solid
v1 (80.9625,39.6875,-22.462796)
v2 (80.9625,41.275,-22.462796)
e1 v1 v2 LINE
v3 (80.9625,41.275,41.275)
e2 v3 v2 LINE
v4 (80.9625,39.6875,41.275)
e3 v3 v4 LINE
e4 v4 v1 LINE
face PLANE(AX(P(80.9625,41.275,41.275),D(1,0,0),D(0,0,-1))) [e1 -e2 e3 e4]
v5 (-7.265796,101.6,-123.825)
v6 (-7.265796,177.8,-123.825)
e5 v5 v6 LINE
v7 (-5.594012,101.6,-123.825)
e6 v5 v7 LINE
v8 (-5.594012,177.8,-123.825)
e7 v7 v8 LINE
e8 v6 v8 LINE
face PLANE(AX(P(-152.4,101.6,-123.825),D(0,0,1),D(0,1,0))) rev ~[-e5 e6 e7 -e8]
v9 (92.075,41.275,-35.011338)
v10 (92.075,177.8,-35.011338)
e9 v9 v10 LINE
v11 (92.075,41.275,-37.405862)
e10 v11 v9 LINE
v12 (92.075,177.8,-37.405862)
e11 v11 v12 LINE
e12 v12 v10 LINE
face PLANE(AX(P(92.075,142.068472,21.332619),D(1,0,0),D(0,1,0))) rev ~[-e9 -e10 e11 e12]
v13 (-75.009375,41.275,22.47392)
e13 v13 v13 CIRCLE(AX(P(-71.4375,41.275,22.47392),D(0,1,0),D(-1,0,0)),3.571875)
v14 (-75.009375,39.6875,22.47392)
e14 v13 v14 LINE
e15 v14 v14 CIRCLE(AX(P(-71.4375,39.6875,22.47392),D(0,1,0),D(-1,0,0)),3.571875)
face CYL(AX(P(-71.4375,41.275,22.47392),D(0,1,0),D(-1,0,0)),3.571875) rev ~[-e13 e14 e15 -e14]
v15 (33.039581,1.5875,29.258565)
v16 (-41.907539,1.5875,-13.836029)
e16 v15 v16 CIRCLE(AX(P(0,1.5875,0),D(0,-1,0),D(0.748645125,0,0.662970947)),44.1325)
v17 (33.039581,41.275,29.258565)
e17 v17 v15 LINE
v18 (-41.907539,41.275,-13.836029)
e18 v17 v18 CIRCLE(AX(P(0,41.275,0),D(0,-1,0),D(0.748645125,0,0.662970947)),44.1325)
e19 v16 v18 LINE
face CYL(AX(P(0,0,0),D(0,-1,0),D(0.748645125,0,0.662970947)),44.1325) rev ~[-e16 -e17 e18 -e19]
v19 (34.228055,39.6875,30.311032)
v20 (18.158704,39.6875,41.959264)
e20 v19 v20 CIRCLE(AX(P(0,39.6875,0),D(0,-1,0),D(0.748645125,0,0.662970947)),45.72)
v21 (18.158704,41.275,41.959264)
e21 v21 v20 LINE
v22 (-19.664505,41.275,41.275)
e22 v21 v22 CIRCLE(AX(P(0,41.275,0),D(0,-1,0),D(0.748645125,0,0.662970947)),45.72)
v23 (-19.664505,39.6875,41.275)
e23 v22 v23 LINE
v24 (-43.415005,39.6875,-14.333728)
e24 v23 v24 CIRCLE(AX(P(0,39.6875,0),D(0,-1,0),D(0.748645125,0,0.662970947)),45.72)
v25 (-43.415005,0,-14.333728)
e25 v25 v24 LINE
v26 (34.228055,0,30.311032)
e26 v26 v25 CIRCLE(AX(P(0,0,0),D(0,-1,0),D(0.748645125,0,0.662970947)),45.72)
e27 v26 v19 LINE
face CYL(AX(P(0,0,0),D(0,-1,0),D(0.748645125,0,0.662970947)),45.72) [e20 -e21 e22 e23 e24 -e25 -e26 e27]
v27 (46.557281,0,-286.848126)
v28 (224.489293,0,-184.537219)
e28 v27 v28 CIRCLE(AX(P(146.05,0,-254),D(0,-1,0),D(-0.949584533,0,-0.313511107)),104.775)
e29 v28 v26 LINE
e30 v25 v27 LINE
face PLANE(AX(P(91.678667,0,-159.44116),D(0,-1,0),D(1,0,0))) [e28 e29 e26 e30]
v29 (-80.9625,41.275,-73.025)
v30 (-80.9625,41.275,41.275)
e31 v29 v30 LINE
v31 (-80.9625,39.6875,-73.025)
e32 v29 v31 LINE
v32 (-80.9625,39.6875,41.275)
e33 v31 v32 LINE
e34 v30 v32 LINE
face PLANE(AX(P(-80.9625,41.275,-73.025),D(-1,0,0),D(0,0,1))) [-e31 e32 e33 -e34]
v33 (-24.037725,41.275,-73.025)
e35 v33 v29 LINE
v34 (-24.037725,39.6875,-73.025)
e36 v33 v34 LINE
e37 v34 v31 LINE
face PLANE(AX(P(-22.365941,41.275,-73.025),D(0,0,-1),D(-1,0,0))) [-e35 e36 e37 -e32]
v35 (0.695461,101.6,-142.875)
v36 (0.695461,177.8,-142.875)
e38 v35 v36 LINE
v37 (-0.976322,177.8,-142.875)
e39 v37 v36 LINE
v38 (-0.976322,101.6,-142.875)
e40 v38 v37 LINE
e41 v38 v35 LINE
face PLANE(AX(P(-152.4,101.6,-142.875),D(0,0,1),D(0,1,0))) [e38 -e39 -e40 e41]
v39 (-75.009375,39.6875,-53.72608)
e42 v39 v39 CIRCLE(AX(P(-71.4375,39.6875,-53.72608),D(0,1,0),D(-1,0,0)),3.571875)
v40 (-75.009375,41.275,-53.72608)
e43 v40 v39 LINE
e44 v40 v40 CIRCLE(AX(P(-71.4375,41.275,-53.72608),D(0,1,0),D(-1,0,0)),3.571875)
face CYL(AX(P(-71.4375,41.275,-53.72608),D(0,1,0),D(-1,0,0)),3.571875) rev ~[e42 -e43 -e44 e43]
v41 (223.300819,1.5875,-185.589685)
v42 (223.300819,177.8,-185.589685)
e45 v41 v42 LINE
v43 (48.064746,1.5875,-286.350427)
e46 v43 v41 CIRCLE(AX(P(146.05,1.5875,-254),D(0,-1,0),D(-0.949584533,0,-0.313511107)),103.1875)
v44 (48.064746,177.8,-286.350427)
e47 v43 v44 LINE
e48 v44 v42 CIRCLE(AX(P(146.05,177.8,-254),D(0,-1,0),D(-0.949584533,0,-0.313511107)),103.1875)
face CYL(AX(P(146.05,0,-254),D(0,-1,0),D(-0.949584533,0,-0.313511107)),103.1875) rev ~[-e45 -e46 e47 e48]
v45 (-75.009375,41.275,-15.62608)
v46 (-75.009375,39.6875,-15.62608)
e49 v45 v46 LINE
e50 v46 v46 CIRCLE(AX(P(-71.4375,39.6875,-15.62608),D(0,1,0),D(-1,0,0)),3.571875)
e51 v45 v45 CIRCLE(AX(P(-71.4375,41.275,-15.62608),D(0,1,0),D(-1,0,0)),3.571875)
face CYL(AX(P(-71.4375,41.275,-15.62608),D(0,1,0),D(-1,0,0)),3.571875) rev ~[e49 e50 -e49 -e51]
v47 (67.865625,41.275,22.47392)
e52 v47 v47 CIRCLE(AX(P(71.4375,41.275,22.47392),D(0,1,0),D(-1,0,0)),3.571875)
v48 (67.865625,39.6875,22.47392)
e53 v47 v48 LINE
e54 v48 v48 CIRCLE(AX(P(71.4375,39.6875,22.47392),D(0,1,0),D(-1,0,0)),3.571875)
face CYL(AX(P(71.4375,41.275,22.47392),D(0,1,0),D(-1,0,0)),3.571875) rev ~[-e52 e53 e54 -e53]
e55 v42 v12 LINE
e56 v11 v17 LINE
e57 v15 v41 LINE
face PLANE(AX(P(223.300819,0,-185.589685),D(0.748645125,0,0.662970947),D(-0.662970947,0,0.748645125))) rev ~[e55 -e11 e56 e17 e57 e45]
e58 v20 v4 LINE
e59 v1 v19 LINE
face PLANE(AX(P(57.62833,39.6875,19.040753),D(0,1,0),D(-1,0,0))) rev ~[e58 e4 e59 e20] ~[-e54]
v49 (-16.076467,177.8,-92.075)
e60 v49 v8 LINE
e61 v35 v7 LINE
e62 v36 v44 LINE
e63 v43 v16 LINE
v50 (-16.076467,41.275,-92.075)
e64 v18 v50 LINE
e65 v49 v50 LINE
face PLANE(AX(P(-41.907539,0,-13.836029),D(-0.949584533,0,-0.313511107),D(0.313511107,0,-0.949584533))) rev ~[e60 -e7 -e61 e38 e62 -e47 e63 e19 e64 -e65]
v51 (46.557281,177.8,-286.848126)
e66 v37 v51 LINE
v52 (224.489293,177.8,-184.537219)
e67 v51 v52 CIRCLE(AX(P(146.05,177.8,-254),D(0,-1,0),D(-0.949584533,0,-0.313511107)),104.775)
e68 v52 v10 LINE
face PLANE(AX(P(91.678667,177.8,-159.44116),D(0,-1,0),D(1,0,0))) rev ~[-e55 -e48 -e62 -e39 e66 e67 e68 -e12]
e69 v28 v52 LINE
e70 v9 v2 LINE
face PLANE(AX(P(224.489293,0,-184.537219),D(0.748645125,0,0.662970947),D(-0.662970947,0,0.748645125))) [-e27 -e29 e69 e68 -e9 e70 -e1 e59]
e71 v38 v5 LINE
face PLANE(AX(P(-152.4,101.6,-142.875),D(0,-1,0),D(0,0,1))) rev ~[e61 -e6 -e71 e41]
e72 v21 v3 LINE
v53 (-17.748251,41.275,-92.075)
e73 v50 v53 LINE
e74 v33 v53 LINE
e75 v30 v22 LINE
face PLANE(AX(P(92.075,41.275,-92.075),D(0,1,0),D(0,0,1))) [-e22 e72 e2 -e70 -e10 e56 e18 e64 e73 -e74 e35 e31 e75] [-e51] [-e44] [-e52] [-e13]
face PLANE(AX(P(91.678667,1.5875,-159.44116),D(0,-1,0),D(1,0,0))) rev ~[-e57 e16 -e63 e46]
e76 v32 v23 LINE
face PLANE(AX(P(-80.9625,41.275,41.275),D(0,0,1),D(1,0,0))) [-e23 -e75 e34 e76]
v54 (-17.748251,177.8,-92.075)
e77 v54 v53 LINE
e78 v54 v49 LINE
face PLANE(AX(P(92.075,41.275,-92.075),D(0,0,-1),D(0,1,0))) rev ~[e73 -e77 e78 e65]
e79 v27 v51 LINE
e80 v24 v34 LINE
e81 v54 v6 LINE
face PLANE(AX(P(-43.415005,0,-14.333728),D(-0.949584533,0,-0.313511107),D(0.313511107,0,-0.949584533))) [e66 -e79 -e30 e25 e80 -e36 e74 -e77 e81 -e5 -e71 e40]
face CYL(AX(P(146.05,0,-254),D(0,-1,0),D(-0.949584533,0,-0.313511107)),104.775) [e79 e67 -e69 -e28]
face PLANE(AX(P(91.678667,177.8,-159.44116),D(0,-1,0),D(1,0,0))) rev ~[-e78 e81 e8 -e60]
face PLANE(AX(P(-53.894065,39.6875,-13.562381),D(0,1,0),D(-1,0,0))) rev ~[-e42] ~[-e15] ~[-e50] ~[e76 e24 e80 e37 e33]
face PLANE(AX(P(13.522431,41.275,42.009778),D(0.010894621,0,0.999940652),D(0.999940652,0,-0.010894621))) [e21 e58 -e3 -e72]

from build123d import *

# Parameters (mm, degrees)
F1_DEPTH  = 177.8
F3_T      = -1.5875
F4_W      = 201.5869445521
F4_H      = 226.8152372871
F5_DEPTH  = 137.796
F6_R      = 3.571875
F7_DEPTH  = 1.5875
F9_W      = 76.2
F9_H      = 19.05
F10_DEPTH = 154.0954613767


with BuildPart() as f1:
    # F0 (on Front) → F1 (new body)
    with BuildSketch(Plane.XZ):
        with BuildLine():
            Line((224.489292991, -184.5372190302), (34.2280551234, 30.3110316959))
            ThreePointArc((34.2280551234, 30.3110316959), (-22.7900998011, 39.6349561758), (-43.415004865, -14.3337277974))
            Line((-43.415004865, -14.3337277974), (46.5572805176, -286.8481262024))
            ThreePointArc((46.5572805176, -286.8481262024), (198.2773120441, -344.8301079029), (224.489292991, -184.5372190302))
        make_face()
    extrude(amount=-F1_DEPTH)

    # F3
    f3_openings = [f1.faces().sort_by_distance(p)[0] for p in [
        (100.456199, 177.8, -174.706432),
    ]]
    offset(amount=F3_T, openings=f3_openings)

    # F4 (on offset) → F5 (cut, through all)
    with BuildSketch(Plane.YZ.offset(92.075)):
        with Locations((142.068472276, 21.3326186436)):
            Rectangle(F4_W, F4_H)
    extrude(amount=-F5_DEPTH, mode=Mode.SUBTRACT)

    # F6 (on face) → F7 (join)
    with BuildSketch(Plane(origin=(0, 41.275, 0), x_dir=(-1, 0, 0), z_dir=(0, 1, 0))):
        with BuildLine():
            Line((-13.52243099, 42.0097776282), (-80.9625, 41.275))
            Line((-80.9625, 41.275), (-80.9625, -24.8573199515))
            Line((-80.9625, -24.8573199515), (-33.0395809871, 29.2585653176))
            ThreePointArc((-33.0395809871, 29.2585653176), (-24.1382185276, 36.9462306949), (-13.52243099, 42.0097776282))
        make_face()
        with Locations((-71.4375, 22.47392)):
            Circle(F6_R, mode=Mode.SUBTRACT)
        with BuildLine():
            Line((80.9625, -73.025), (80.9625, 41.275))
            Line((80.9625, 41.275), (15.6221615422, 41.275))
            ThreePointArc((15.6221615422, 41.275), (39.833691772, 18.9988040694), (41.9075394183, -13.8360289155))
            Line((41.9075394183, -13.8360289155), (22.3659407759, -73.025))
            Line((22.3659407759, -73.025), (80.9625, -73.025))
        make_face()
        with Locations((71.4375, -53.72608)):
            Circle(F6_R, mode=Mode.SUBTRACT)
        with Locations((71.4375, -15.62608)):
            Circle(F6_R, mode=Mode.SUBTRACT)
        with Locations((71.4375, 22.47392)):
            Circle(F6_R, mode=Mode.SUBTRACT)
    extrude(amount=-F7_DEPTH)

    # F9 (on offset) → F10 (cut, up to face)
    with BuildSketch(Plane.YZ.offset(-152.4)):
        with Locations((139.7, -133.35)):
            Rectangle(F9_W, F9_H)
    extrude(amount=F10_DEPTH, mode=Mode.SUBTRACT)


solid = f1.part
